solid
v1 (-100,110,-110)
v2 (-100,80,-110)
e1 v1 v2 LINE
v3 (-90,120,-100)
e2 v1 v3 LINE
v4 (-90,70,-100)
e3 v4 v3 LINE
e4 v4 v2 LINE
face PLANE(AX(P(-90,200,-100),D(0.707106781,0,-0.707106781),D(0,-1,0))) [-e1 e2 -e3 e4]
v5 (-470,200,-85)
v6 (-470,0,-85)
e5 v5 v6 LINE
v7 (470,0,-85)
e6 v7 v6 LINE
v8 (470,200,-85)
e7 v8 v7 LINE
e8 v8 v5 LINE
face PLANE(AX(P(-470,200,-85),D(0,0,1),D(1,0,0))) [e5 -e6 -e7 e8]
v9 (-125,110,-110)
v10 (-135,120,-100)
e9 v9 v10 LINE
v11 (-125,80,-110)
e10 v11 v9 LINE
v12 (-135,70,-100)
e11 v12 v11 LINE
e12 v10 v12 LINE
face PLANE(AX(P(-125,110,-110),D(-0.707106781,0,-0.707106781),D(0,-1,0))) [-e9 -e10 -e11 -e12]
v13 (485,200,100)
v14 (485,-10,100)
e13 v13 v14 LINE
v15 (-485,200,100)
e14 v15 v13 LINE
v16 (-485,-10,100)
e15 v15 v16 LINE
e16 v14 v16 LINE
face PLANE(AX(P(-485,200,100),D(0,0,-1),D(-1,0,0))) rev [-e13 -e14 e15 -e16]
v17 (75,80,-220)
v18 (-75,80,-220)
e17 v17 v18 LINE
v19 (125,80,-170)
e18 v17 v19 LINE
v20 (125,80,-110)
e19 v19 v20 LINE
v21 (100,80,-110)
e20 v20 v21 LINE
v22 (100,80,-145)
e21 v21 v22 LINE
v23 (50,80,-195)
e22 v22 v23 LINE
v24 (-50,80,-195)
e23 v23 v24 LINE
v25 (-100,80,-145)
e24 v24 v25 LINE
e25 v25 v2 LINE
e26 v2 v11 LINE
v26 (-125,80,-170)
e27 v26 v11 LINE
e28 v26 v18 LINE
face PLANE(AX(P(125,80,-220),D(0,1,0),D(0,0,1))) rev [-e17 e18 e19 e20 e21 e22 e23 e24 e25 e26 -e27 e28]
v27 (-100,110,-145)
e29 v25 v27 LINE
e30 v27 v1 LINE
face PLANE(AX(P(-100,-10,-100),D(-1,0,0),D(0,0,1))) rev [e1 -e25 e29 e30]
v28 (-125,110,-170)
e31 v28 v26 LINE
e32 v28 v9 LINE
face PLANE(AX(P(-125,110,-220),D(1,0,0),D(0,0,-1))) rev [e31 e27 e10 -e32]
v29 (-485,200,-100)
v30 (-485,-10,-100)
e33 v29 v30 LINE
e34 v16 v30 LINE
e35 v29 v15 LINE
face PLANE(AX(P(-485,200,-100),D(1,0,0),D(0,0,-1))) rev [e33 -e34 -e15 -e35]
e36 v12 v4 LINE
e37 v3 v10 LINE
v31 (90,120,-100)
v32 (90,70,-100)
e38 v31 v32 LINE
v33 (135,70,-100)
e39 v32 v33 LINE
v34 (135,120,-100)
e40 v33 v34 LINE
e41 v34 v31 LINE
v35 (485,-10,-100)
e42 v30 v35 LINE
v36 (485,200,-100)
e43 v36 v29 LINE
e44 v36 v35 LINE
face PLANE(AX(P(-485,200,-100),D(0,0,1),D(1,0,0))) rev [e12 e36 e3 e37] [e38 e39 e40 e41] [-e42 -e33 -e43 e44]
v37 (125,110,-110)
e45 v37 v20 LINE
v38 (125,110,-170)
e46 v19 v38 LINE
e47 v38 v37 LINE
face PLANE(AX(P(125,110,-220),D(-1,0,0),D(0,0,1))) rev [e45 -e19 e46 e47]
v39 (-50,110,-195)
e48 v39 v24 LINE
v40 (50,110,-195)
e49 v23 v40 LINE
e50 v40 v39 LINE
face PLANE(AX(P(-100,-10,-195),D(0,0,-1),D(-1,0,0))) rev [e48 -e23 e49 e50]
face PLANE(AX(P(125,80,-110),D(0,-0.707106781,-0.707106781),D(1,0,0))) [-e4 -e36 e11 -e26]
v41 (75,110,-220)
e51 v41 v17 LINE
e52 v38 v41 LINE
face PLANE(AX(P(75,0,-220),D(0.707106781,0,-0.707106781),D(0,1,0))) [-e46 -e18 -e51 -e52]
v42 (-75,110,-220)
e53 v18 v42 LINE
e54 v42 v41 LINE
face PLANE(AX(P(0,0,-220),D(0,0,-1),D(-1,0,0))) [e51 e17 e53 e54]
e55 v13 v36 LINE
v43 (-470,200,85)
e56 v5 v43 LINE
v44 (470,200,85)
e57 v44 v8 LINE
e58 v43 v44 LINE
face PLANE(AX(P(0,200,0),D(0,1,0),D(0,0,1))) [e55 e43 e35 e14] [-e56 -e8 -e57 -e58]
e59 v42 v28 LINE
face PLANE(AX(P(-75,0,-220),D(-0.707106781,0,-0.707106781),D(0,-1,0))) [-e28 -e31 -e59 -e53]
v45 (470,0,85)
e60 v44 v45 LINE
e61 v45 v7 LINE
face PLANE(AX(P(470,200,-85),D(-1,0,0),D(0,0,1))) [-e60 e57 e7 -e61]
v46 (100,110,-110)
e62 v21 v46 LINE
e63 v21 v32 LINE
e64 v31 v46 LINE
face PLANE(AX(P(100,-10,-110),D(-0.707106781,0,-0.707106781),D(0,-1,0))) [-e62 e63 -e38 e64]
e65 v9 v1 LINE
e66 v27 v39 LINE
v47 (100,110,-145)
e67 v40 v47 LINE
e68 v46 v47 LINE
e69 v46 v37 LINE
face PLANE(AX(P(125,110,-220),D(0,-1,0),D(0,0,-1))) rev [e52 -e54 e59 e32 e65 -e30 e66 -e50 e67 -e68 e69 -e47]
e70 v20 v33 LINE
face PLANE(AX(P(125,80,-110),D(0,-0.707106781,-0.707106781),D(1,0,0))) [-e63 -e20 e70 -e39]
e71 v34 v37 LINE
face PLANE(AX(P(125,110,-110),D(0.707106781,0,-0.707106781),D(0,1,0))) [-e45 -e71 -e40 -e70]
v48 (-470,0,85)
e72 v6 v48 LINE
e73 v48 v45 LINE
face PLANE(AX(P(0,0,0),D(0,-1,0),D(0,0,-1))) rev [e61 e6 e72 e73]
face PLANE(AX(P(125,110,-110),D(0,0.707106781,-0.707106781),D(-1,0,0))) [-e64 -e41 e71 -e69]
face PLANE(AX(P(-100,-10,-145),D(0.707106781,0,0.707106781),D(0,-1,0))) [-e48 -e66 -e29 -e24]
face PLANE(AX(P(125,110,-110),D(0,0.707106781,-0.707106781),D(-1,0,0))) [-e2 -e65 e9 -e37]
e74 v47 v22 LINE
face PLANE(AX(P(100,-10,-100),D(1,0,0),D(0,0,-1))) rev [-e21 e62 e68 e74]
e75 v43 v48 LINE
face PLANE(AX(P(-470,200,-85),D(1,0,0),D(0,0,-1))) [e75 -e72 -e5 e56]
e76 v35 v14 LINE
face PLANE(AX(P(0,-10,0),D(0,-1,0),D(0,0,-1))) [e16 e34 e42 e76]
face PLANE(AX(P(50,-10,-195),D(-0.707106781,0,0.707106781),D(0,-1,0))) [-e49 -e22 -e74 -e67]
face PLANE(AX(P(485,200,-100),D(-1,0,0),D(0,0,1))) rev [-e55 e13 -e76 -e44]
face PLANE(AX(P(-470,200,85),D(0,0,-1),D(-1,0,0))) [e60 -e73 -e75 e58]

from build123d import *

# Parameters (mm, degrees)
SKETCH_1_W          = 970
SKETCH_1_H          = 200
SKETCH_1_W_2        = 940
SKETCH_1_H_2        = 170
EXTRUDE_1_DEPTH     = 200
SKETCH_2_W          = 970
SKETCH_2_H          = 200
EXTRUDE_2_DEPTH     = 10
SKETCH_3_W          = 250
SKETCH_3_H          = 30
EXTRUDE_3_DEPTH     = 120
SKETCH_4_W          = 200
SKETCH_4_H          = 95
CUT_EXTRUDE_1_DEPTH = 120
CHAMFER_1_SIZE      = 10
CHAMFER_2_SIZE      = 50


with BuildPart() as part:
    # 草图1 → 凸台-拉伸1 (new body)
    with BuildSketch(Plane(origin=(0, 0, 0), x_dir=(1, 0, 0), z_dir=(0, 1, 0))):
        Rectangle(SKETCH_1_W, SKETCH_1_H)
        Rectangle(SKETCH_1_W_2, SKETCH_1_H_2, mode=Mode.SUBTRACT)
    extrude(amount=EXTRUDE_1_DEPTH)

    # 草图2 → 凸台-拉伸2 (add)
    with BuildSketch(Plane.XZ):
        Rectangle(SKETCH_2_W, SKETCH_2_H)
    extrude(amount=EXTRUDE_2_DEPTH)

    # 草图3 → 凸台-拉伸3 (add)
    with BuildSketch(Plane(origin=(0, 0, -100), x_dir=(-1, 0, 0), z_dir=(0, 0, -1))):
        with Locations((0, 95)):
            Rectangle(SKETCH_3_W, SKETCH_3_H)
    extrude(amount=EXTRUDE_3_DEPTH)

    # 草图4 → 切除-拉伸1 (cut)
    with BuildSketch(Plane(origin=(0, 110, 0), x_dir=(1, 0, 0), z_dir=(0, 1, 0))):
        with Locations((0, 147.5)):
            Rectangle(SKETCH_4_W, SKETCH_4_H)
    extrude(amount=-CUT_EXTRUDE_1_DEPTH, mode=Mode.SUBTRACT)

    # 倒角1
    chamfer_1_edges = [part.edges().sort_by_distance(p)[0] for p in [
        (-125, 95, -100),
        (-112.5, 110, -100),
        (125, 95, -100),
        (112.5, 80, -100),
        (-112.5, 80, -100),
        (112.5, 110, -100),
        (-100, 95, -100),
        (100, 95, -100),
    ]]
    chamfer(chamfer_1_edges, length=CHAMFER_1_SIZE)

    # 倒角2
    chamfer_2_edges = [part.edges().sort_by_distance(p)[0] for p in [
        (-125, 95, -220),
        (125, 95, -220),
        (-100, 95, -195),
        (100, 95, -195),
    ]]
    chamfer(chamfer_2_edges, length=CHAMFER_2_SIZE)


solid = part.part
